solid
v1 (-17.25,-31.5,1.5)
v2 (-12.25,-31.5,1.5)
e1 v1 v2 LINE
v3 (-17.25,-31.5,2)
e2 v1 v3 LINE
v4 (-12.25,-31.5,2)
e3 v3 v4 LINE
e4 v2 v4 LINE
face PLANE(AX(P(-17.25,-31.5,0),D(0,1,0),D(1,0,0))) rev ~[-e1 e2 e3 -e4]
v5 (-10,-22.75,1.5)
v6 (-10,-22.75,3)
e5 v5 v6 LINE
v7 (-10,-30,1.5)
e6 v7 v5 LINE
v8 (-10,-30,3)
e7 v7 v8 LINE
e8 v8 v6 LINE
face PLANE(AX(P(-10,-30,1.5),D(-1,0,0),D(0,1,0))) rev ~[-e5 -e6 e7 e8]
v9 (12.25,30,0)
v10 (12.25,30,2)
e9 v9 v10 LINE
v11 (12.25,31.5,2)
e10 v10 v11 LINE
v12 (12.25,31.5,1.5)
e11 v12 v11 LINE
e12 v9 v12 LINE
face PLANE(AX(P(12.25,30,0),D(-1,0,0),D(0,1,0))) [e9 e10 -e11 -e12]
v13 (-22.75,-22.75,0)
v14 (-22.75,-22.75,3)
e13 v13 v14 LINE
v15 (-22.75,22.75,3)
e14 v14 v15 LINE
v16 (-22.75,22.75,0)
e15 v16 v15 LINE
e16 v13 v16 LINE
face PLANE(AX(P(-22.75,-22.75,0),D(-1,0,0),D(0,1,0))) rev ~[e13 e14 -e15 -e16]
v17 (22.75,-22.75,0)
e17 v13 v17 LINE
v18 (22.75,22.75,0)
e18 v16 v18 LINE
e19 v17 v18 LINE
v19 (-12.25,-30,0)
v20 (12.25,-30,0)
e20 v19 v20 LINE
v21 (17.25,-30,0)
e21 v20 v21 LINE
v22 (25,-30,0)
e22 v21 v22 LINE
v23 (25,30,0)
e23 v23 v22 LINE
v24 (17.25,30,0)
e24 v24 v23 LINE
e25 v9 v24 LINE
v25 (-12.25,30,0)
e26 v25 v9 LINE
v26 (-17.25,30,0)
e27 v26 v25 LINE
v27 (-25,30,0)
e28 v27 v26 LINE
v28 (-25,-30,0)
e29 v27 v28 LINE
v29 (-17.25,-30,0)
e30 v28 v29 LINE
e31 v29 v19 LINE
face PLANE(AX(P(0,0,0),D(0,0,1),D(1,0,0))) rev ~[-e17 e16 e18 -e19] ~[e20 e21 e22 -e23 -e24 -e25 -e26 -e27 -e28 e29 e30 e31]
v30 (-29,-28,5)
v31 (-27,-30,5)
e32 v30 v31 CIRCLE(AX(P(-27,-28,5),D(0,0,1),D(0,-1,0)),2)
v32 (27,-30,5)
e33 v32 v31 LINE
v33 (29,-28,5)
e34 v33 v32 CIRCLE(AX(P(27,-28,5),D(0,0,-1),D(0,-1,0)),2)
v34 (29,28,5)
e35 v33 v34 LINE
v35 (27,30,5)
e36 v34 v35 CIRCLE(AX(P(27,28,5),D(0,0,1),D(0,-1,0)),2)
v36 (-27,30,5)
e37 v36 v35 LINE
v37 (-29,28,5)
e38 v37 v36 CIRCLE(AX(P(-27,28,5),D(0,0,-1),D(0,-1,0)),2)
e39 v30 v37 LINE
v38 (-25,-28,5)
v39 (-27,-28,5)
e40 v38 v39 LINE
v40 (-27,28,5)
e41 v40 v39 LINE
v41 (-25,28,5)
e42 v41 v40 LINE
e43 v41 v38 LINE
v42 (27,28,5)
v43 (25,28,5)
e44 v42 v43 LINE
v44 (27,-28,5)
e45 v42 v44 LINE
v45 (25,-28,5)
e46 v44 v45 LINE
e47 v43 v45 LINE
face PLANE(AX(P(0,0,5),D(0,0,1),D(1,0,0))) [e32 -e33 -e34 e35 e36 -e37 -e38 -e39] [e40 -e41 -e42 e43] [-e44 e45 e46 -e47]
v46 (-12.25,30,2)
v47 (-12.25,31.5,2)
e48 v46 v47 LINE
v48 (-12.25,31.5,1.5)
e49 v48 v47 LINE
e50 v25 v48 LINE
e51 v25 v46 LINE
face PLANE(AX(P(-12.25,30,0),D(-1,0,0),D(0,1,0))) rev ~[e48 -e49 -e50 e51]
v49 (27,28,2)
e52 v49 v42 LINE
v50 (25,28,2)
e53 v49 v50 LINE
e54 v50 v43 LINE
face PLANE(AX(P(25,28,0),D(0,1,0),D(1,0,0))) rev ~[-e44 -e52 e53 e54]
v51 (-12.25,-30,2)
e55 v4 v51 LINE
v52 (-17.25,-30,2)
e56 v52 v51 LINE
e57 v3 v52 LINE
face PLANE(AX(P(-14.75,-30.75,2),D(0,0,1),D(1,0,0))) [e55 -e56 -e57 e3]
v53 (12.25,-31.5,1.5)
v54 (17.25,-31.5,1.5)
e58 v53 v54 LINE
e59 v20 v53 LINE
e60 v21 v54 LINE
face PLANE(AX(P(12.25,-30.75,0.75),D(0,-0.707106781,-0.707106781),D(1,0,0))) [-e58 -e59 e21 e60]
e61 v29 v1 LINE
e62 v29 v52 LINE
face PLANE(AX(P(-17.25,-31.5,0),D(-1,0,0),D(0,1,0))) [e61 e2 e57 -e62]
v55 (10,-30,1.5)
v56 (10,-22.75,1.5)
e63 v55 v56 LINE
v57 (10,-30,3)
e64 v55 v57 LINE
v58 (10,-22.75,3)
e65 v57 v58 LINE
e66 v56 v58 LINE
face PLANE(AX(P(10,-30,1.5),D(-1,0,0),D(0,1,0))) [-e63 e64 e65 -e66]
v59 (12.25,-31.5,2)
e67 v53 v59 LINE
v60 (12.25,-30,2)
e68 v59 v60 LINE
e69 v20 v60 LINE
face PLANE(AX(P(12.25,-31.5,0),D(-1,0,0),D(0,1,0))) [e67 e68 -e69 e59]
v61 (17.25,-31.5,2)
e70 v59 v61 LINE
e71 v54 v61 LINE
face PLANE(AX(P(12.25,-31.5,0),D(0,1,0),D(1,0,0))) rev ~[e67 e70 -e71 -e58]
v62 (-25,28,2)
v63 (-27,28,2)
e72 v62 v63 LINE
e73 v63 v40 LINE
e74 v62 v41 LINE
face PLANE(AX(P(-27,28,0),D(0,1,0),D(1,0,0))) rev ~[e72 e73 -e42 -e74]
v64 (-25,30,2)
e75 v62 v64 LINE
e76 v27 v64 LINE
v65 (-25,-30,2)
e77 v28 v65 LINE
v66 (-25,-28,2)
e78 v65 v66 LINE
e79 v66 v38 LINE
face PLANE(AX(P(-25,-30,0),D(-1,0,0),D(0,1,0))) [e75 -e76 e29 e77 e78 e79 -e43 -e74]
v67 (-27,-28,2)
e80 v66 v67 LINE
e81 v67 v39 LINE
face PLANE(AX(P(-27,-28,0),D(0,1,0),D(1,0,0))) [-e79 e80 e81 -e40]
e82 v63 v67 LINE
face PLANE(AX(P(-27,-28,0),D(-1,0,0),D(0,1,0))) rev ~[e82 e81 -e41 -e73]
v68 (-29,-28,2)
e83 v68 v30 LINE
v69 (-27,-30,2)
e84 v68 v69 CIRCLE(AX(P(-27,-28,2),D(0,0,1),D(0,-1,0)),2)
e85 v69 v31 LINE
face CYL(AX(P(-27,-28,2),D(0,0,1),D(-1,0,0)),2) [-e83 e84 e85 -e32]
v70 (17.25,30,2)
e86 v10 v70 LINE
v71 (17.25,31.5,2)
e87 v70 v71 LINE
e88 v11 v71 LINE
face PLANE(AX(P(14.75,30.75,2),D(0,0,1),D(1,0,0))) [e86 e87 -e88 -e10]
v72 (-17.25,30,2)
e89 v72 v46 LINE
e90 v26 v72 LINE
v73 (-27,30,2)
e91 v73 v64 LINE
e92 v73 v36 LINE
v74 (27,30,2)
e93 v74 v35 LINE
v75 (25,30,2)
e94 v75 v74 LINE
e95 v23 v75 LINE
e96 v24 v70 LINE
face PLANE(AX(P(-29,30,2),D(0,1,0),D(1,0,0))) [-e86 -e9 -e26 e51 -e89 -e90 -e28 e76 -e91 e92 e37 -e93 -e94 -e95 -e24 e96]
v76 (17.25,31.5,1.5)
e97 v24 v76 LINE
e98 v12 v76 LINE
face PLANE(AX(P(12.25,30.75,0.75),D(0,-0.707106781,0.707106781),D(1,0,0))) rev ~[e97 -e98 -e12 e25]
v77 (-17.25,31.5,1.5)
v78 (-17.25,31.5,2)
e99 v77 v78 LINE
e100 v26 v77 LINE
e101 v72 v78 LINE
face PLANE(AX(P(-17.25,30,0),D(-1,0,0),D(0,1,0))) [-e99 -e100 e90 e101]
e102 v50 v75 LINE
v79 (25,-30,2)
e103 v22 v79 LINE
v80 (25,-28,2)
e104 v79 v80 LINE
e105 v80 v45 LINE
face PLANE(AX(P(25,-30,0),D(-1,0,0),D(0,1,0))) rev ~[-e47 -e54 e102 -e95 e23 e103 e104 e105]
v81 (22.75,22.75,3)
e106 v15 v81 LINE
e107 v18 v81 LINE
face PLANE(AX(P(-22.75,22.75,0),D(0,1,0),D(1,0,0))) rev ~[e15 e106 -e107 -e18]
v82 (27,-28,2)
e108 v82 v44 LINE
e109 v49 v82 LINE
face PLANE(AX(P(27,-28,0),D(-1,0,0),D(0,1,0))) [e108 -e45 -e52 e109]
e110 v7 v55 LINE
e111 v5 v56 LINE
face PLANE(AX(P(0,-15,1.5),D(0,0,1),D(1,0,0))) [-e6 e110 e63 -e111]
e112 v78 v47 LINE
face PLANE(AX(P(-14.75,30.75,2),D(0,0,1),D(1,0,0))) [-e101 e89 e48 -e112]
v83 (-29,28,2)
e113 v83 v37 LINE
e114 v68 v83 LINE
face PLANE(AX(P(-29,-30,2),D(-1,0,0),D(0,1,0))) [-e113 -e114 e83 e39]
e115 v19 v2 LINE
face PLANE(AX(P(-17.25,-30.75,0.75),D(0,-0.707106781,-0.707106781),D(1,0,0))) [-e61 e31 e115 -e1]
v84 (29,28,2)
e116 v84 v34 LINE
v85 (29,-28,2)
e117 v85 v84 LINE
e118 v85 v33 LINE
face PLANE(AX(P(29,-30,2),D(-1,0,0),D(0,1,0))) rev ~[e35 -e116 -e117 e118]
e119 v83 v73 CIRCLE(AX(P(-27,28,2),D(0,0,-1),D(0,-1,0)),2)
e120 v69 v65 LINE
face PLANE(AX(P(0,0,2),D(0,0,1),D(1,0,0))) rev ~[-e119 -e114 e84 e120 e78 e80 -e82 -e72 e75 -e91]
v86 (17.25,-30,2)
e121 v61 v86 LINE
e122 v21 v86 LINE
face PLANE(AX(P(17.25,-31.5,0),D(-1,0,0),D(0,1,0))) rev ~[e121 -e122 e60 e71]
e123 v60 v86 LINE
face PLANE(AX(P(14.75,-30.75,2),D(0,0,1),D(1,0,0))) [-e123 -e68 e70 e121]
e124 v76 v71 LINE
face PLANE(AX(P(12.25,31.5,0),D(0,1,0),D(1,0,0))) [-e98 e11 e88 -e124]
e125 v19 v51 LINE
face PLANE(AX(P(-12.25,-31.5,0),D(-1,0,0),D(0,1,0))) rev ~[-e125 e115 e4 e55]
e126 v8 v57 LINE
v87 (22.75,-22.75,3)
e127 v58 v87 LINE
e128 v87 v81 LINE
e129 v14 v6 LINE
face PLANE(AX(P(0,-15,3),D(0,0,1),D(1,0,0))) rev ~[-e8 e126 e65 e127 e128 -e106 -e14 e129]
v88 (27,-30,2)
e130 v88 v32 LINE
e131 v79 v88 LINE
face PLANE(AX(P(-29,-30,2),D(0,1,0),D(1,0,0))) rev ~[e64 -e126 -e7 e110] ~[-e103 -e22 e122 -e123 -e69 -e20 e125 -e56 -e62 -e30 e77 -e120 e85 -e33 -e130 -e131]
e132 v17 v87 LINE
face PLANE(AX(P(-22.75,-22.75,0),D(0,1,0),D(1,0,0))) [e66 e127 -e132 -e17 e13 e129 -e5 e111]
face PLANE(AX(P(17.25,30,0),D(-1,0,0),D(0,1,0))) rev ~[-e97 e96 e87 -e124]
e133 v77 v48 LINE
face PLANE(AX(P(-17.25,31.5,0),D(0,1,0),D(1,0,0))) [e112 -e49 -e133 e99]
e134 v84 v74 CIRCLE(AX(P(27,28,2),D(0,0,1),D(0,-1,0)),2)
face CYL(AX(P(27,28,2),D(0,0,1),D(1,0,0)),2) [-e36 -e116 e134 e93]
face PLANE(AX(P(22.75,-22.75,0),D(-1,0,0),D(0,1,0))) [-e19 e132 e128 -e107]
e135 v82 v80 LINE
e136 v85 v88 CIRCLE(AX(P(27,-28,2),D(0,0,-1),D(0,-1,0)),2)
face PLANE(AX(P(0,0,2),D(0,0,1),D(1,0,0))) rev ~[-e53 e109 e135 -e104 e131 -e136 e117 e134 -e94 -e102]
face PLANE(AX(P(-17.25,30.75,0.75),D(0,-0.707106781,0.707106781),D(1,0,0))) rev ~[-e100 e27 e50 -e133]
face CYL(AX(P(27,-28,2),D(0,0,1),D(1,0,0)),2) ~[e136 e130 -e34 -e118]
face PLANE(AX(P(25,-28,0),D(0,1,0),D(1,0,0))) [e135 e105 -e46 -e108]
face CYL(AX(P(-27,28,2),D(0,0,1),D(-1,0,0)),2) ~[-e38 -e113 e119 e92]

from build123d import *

# Parameters (mm, degrees)
F0_W      = 50
F0_H      = 60
F1_DEPTH  = 5
F4_START  = 2
F3_W      = 58
F3_H      = 60
F4_DEPTH  = 3
F2_W      = 45.5
F2_H      = 45.5
F5_DEPTH  = 3
F7_START  = 1.5
F6_W      = 20
F6_H      = 30
F7_DEPTH  = 1.5
F8_W      = 2
F8_H      = 56
F9_DEPTH  = 25
F10_R     = 2
F11_W     = 5
F11_H     = 1.5
F12_DEPTH = 2
F13_SIZE  = 1.5


with BuildPart() as f1:
    # F0 (on Top) → F1 (new body)
    with BuildSketch(Plane.XY):
        Rectangle(F0_W, F0_H)
    extrude(amount=F1_DEPTH)

    # F3 (on Top) → F4 (join)
    with BuildSketch(Plane.XY.offset(F4_START)):
        Rectangle(F3_W, F3_H)
    extrude(amount=F4_DEPTH)

    # F2 (on Top) → F5 (cut)
    with BuildSketch(Plane.XY):
        Rectangle(F2_W, F2_H)
    extrude(amount=F5_DEPTH, mode=Mode.SUBTRACT)

    # F6 (on Top) → F7 (cut)
    with BuildSketch(Plane.XY.offset(F7_START)):
        with Locations((0, -15)):
            Rectangle(F6_W, F6_H)
    extrude(amount=F7_DEPTH, mode=Mode.SUBTRACT)

    # F8 (on Top) → F9 (cut)
    with BuildSketch(Plane.XY):
        with Locations((-26, 0)):
            Rectangle(F8_W, F8_H)
        with Locations((26, 0)):
            Rectangle(F8_W, F8_H)
    extrude(amount=F9_DEPTH, mode=Mode.SUBTRACT)

    # F10
    f10_edges = [f1.edges().sort_by_distance(p)[0] for p in [
        (29, -30, 3.5),
        (-29, -30, 3.5),
        (-29, 30, 3.5),
        (29, 30, 3.5),
    ]]
    fillet(f10_edges, radius=F10_R)

    # F11 (on Top) → F12 (join)
    with BuildSketch(Plane.XY):
        with Locations((-14.75, -30.75)):
            Rectangle(F11_W, F11_H)
        with Locations((14.75, -30.75)):
            Rectangle(F11_W, F11_H)
        with Locations((14.75, 30.75)):
            Rectangle(F11_W, F11_H)
        with Locations((-14.75, 30.75)):
            Rectangle(F11_W, F11_H)
    extrude(amount=F12_DEPTH)

    # F13
    f13_edges = [f1.edges().sort_by_distance(p)[0] for p in [
        (-14.75, -31.5, 0),
        (14.75, -31.5, 0),
        (14.75, 31.5, 0),
        (-14.75, 31.5, 0),
    ]]
    chamfer(f13_edges, length=F13_SIZE)


solid = f1.part
